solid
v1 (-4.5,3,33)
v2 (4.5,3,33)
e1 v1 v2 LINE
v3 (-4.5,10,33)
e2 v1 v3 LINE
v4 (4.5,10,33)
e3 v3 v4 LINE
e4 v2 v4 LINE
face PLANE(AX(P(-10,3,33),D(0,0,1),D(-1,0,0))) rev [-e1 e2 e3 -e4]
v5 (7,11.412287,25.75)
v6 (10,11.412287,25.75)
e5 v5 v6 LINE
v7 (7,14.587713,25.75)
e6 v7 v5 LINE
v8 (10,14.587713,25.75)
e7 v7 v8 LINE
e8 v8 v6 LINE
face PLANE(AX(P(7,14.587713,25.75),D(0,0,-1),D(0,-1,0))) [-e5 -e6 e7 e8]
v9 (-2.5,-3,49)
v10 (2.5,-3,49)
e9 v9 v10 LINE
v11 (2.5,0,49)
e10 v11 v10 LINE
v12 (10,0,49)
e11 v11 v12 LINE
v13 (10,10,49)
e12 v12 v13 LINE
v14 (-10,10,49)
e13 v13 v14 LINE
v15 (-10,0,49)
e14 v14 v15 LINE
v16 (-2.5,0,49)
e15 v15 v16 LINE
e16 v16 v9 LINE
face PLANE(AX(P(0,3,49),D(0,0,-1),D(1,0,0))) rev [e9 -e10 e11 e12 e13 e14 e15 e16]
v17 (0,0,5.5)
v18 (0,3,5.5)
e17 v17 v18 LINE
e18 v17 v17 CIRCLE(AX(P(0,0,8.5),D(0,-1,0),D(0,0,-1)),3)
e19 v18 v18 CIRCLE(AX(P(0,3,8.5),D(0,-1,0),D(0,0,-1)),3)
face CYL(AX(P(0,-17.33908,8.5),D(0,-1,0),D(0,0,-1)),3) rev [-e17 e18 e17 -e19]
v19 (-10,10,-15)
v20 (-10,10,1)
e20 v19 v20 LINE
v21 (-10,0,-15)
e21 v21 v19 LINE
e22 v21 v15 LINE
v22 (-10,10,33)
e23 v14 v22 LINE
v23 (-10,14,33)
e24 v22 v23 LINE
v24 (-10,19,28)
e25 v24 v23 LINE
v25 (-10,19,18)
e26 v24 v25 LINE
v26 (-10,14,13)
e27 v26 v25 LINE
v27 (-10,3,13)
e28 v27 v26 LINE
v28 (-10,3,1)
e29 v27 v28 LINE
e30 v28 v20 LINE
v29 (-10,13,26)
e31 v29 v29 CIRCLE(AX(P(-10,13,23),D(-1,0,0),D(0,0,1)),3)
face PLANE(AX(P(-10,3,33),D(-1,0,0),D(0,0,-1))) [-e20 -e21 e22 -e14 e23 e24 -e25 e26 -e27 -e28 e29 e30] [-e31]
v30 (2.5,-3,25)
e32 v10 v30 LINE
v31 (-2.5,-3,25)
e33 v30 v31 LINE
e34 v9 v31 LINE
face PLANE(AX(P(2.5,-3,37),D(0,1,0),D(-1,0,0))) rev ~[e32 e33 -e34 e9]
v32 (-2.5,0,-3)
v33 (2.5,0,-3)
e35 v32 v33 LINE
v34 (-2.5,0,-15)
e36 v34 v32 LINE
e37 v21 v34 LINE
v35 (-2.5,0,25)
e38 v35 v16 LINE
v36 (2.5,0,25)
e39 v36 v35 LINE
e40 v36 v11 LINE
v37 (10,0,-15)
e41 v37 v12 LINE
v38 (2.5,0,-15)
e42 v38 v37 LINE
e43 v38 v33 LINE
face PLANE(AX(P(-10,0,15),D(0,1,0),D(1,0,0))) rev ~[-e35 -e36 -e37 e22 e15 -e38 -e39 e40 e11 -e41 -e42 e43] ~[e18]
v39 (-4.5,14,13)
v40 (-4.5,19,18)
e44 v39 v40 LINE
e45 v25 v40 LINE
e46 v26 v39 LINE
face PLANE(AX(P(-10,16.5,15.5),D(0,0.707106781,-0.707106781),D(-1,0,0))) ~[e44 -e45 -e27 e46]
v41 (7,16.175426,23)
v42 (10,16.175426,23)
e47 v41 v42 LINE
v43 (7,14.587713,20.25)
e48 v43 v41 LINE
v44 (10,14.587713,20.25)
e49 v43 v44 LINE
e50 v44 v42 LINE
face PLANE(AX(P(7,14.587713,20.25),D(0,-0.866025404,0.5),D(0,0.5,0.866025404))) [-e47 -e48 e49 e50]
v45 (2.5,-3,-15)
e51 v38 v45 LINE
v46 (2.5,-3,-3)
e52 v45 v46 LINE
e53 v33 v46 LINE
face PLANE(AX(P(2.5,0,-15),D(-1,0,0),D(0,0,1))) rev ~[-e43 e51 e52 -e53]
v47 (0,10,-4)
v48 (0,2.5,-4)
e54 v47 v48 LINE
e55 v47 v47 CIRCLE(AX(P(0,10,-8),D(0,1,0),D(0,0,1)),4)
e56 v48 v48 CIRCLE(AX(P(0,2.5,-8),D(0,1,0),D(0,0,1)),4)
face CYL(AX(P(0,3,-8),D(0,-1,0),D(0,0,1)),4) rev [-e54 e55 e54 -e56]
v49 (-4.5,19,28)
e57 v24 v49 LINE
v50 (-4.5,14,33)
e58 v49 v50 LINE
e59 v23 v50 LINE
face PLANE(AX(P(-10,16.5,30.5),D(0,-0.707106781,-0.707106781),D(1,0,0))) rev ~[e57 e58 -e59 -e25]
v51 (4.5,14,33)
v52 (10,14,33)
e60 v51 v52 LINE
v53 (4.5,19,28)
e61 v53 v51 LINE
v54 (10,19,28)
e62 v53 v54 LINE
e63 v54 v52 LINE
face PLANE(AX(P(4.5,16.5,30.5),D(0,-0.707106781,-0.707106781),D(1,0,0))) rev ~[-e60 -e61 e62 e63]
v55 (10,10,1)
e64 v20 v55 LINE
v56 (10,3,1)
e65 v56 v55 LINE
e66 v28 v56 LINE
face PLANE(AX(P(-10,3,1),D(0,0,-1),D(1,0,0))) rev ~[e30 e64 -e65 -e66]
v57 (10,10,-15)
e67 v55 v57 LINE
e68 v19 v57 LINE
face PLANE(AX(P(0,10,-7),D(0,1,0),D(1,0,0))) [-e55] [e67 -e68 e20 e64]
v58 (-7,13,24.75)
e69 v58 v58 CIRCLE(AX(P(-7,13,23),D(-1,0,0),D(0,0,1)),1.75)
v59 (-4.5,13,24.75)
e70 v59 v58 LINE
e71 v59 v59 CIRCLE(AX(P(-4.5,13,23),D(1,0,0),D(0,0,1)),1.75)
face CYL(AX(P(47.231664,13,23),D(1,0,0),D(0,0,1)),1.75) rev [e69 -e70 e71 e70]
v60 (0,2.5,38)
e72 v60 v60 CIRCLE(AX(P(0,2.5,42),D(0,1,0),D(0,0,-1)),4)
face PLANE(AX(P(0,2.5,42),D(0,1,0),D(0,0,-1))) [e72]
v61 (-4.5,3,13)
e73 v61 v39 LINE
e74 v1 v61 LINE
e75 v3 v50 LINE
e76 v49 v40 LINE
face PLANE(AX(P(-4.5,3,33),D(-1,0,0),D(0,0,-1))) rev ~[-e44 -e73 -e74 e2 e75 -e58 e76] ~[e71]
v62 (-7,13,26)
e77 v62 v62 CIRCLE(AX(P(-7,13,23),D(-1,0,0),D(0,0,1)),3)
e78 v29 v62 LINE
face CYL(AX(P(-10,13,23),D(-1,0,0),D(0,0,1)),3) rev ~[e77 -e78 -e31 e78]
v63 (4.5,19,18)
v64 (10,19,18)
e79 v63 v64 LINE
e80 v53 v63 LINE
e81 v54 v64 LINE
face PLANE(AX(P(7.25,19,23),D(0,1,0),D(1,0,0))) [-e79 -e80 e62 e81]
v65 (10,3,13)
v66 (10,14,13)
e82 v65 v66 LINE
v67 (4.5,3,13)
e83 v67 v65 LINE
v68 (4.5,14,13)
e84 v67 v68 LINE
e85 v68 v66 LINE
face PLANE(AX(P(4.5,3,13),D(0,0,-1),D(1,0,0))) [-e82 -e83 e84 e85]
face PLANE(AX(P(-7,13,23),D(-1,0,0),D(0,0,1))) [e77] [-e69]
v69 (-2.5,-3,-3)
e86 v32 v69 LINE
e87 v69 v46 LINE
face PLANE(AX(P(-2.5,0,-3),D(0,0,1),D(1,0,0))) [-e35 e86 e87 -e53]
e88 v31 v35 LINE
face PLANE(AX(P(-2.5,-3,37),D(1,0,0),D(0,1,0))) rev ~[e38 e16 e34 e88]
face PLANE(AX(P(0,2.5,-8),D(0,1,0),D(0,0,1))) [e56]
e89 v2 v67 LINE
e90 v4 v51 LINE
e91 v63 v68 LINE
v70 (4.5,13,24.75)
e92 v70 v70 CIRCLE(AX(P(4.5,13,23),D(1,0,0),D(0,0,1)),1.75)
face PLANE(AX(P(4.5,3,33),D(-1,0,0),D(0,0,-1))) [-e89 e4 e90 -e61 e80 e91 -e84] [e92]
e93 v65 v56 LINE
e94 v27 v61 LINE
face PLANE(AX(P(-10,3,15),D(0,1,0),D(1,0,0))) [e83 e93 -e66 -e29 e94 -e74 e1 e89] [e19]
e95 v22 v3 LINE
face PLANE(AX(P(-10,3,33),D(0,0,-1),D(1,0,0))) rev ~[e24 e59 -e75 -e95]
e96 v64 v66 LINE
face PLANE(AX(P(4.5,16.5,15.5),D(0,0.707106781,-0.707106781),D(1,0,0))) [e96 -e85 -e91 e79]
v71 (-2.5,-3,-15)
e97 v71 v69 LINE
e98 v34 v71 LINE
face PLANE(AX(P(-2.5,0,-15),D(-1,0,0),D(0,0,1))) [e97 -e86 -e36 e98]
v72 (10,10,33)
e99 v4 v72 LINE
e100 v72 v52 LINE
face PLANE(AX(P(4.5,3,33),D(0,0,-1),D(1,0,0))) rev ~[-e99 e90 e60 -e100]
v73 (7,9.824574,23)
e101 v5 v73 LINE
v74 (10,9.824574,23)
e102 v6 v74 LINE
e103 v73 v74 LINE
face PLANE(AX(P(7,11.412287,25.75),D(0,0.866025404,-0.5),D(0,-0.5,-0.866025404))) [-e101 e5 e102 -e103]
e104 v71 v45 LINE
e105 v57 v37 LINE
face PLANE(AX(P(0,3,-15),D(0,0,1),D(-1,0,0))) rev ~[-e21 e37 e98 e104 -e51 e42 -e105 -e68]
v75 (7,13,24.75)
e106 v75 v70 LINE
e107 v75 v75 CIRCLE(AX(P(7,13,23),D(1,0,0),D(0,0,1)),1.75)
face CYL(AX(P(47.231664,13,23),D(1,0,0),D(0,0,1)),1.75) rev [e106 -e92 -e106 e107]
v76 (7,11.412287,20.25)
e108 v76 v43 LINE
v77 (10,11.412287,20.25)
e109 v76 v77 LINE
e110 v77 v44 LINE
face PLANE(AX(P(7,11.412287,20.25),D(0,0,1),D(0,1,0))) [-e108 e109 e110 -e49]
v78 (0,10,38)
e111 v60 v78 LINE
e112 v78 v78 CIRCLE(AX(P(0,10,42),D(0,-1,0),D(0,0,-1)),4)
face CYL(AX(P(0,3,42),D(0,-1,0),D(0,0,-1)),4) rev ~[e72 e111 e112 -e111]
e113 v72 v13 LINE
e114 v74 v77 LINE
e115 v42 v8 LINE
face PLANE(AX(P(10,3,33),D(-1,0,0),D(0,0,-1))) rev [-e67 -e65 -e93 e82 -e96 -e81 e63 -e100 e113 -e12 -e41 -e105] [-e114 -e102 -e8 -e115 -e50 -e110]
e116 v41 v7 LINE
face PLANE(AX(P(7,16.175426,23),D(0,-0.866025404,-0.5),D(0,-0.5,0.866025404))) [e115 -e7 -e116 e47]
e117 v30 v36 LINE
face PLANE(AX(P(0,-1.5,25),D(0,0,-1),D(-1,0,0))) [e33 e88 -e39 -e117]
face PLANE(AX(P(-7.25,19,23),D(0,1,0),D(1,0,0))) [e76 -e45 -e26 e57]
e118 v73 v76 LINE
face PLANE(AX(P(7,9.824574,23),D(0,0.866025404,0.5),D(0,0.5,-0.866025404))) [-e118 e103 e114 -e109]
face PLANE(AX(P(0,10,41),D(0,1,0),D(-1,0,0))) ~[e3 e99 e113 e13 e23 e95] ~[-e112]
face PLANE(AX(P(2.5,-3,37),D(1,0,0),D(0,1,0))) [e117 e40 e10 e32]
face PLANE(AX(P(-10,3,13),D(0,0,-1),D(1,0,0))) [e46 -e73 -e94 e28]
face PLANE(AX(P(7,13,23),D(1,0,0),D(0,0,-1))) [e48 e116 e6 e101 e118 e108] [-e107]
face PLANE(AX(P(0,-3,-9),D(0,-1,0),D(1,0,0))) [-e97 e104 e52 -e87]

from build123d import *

# Parameters (mm, degrees)
SKETCH1_W               = 20
SKETCH1_H               = 30
BOSS_EXTRUDE1_DEPTH     = 3
SKETCH2_W               = 5
SKETCH2_H               = 12
BOSS_EXTRUDE2_DEPTH     = 3
SKETCH3_R               = 7
SKETCH3_R_2             = 4
BOSS_EXTRUDE3_DEPTH     = 7
SKETCH4_R               = 4
BOSS_EXTRUDE4_DEPTH     = 1
CUT_EXTRUDE1_DEPTH      = 20.339079606
CUT_EXTRUDE1_DEPTH_BACK = 20.339079606
SKETCH5_R               = 3
SKETCH6_R               = 7
SKETCH6_R_2             = 4
BOSS_EXTRUDE6_DEPTH     = 7
SKETCH7_W               = 20
SKETCH7_H               = 3
BOSS_EXTRUDE7_DEPTH     = 19
SKETCH8_W               = 5
SKETCH8_H               = 3
BOSS_EXTRUDE8_DEPTH     = 12
SKETCH10_W              = 5.5
SKETCH10_H              = 20
BOSS_EXTRUDE9_DEPTH     = 16
CUT_EXTRUDE2_DEPTH      = 57.231663678
CUT_EXTRUDE2_DEPTH_BACK = 57.231663678
SKETCH11_R              = 1.75
SKETCH12_R              = 3
SKETCH12_R_2            = 1.75
CUT_EXTRUDE3_DEPTH      = 3
CUT_EXTRUDE4_START      = -3
SKETCH13_R              = 1.75
CUT_EXTRUDE4_DEPTH      = 3
CHAMFER2_SIZE           = 5
CUT_EXTRUDE5_START      = -1.5
SKETCH14_R              = 4
CUT_EXTRUDE5_DEPTH      = 1.5


with BuildPart() as part:
    # Sketch1 → Boss-Extrude1 (new body)
    with BuildSketch(Plane(origin=(0, 0, 0), x_dir=(1, 0, 0), z_dir=(0, 1, 0))):
        Rectangle(SKETCH1_W, SKETCH1_H)
    boss_extrude1 = extrude(amount=BOSS_EXTRUDE1_DEPTH)

    # Sketch2 → Boss-Extrude2 (add)
    with BuildSketch(Plane.XZ):
        with Locations((0, -9)):
            Rectangle(SKETCH2_W, SKETCH2_H)
    boss_extrude2 = extrude(amount=BOSS_EXTRUDE2_DEPTH)

    # Sketch3 → Boss-Extrude3 (add)
    with BuildSketch(Plane(origin=(0, 3, 0), x_dir=(1, 0, 0), z_dir=(0, 1, 0))):
        with Locations(Location((0, 8, 0), (0, 0, 90))):
            Circle(SKETCH3_R)
        with Locations(Location((0, 8, 0), (0, 0, 270))):
            Circle(SKETCH3_R_2, mode=Mode.SUBTRACT)
    boss_extrude3 = extrude(amount=BOSS_EXTRUDE3_DEPTH)

    # Sketch4 → Boss-Extrude4 (add)
    with BuildSketch(Plane(origin=(0, 3, 0), x_dir=(1, 0, 0), z_dir=(0, 1, 0))):
        with Locations(Location((0, 8, 0), (0, 0, 270))):
            Circle(SKETCH4_R)
    boss_extrude4 = extrude(amount=BOSS_EXTRUDE4_DEPTH)

    # Sketch5 → Cut-Extrude1 (cut, two sides: drawn at the far end of the back side and taken through both)
    with BuildSketch(Plane(origin=(0, 3, 0), x_dir=(1, 0, 0), z_dir=(0, 1, 0)).offset(-CUT_EXTRUDE1_DEPTH_BACK)):
        with Locations(Location((0, -8.5, 0), (0, 0, 90))):
            Circle(SKETCH5_R)
    extrude(amount=CUT_EXTRUDE1_DEPTH + CUT_EXTRUDE1_DEPTH_BACK, mode=Mode.SUBTRACT)

    # Sketch6 → Boss-Extrude6 (add)
    # profile 1 of 2: a face of its own
    with BuildSketch(Plane(origin=(0, 3, 0), x_dir=(1, 0, 0), z_dir=(0, 1, 0))):
        Polygon((0, 15), (-10, 15), (-10, -1), (10, -1), (10, 15), align=None)
        with BuildLine():
            ThreePointArc((7, 8), (-4.949747468, 3.050252532), (0, 15))
            ThreePointArc((0, 15), (4.949747468, 12.949747468), (7, 8))
        make_face(mode=Mode.SUBTRACT)
    # profile 2 of 2: a face of its own
    with BuildSketch(Plane(origin=(0, 3, 0), x_dir=(1, 0, 0), z_dir=(0, 1, 0))):
        with Locations((0, 8)):
            Circle(SKETCH6_R)
        with Locations(Location((0, 8, 0), (0, 0, 270))):
            Circle(SKETCH6_R_2, mode=Mode.SUBTRACT)
    boss_extrude6 = extrude(amount=BOSS_EXTRUDE6_DEPTH)

    # Sketch7 → Boss-Extrude7 (add)
    with BuildSketch(Plane.XY.offset(15)):
        with Locations((0, 1.5)):
            Rectangle(SKETCH7_W, SKETCH7_H)
    extrude(amount=BOSS_EXTRUDE7_DEPTH)

    # Mirror3: Boss-Extrude1, Boss-Extrude2, Boss-Extrude3, Boss-Extrude4, Boss-Extrude6 across plane
    add(boss_extrude1.mirror(Plane.XY.offset(17)))
    add(boss_extrude2.mirror(Plane.XY.offset(17)))
    add(boss_extrude3.mirror(Plane.XY.offset(17)))
    add(boss_extrude4.mirror(Plane.XY.offset(17)))
    add(boss_extrude6.mirror(Plane.XY.offset(17)))

    # Sketch8 → Boss-Extrude8 (add)
    with BuildSketch(Plane(origin=(0, 0, 37), x_dir=(-1, 0, 0), z_dir=(0, 0, -1))):
        with Locations((0, -1.5)):
            Rectangle(SKETCH8_W, SKETCH8_H)
    extrude(amount=BOSS_EXTRUDE8_DEPTH)

    # Sketch10 → Boss-Extrude9 (add)
    with BuildSketch(Plane(origin=(0, 3, 0), x_dir=(1, 0, 0), z_dir=(0, 1, 0))):
        with Locations((-7.25, -23)):
            Rectangle(SKETCH10_W, SKETCH10_H)
        with Locations((7.25, -23)):
            Rectangle(SKETCH10_W, SKETCH10_H)
    extrude(amount=BOSS_EXTRUDE9_DEPTH)

    # Sketch11 → Cut-Extrude2 (cut, two sides: drawn at the far end of the back side and taken through both)
    with BuildSketch(Plane.ZY.offset(10).offset(-CUT_EXTRUDE2_DEPTH_BACK)):
        with Locations((23, 13)):
            Circle(SKETCH11_R)
    extrude(amount=CUT_EXTRUDE2_DEPTH + CUT_EXTRUDE2_DEPTH_BACK, mode=Mode.SUBTRACT)

    # Sketch12 → Cut-Extrude3 (cut)
    with BuildSketch(Plane.ZY.offset(10)):
        with Locations((23, 13)):
            Circle(SKETCH12_R)
        with Locations((23, 13)):
            Circle(SKETCH12_R_2, mode=Mode.SUBTRACT)
    extrude(amount=-CUT_EXTRUDE3_DEPTH, mode=Mode.SUBTRACT)

    # Sketch13 → Cut-Extrude4 (cut)
    with BuildSketch(Plane(origin=(10, 0, 0), x_dir=(0, 0, -1), z_dir=(1, 0, 0)).offset(CUT_EXTRUDE4_START)):
        Polygon((-23, 16.175426481), (-25.75, 14.58771324), (-25.75, 11.41228676), (-23, 9.824573519), (-20.25, 11.41228676), (-20.25, 14.58771324), align=None)
        with Locations((-23, 13)):
            Circle(SKETCH13_R, mode=Mode.SUBTRACT)
    extrude(amount=CUT_EXTRUDE4_DEPTH, mode=Mode.SUBTRACT)

    # Chamfer2
    chamfer2_edges = [part.edges().sort_by_distance(p)[0] for p in [
        (-7.25, 19, 13),
        (-7.25, 19, 33),
        (7.25, 19, 13),
        (7.25, 19, 33),
    ]]
    chamfer(chamfer2_edges, length=CHAMFER2_SIZE)

    # Sketch14 → Cut-Extrude5 (cut)
    with BuildSketch(Plane(origin=(0, 4, 0), x_dir=(1, 0, 0), z_dir=(0, 1, 0)).offset(CUT_EXTRUDE5_START)):
        with Locations(Location((0, -42, 0), (0, 0, 90))):
            Circle(SKETCH14_R)
        with Locations(Location((0, 8, 0), (0, 0, 270))):
            Circle(SKETCH14_R)
    extrude(amount=CUT_EXTRUDE5_DEPTH, mode=Mode.SUBTRACT)


solid = part.part
